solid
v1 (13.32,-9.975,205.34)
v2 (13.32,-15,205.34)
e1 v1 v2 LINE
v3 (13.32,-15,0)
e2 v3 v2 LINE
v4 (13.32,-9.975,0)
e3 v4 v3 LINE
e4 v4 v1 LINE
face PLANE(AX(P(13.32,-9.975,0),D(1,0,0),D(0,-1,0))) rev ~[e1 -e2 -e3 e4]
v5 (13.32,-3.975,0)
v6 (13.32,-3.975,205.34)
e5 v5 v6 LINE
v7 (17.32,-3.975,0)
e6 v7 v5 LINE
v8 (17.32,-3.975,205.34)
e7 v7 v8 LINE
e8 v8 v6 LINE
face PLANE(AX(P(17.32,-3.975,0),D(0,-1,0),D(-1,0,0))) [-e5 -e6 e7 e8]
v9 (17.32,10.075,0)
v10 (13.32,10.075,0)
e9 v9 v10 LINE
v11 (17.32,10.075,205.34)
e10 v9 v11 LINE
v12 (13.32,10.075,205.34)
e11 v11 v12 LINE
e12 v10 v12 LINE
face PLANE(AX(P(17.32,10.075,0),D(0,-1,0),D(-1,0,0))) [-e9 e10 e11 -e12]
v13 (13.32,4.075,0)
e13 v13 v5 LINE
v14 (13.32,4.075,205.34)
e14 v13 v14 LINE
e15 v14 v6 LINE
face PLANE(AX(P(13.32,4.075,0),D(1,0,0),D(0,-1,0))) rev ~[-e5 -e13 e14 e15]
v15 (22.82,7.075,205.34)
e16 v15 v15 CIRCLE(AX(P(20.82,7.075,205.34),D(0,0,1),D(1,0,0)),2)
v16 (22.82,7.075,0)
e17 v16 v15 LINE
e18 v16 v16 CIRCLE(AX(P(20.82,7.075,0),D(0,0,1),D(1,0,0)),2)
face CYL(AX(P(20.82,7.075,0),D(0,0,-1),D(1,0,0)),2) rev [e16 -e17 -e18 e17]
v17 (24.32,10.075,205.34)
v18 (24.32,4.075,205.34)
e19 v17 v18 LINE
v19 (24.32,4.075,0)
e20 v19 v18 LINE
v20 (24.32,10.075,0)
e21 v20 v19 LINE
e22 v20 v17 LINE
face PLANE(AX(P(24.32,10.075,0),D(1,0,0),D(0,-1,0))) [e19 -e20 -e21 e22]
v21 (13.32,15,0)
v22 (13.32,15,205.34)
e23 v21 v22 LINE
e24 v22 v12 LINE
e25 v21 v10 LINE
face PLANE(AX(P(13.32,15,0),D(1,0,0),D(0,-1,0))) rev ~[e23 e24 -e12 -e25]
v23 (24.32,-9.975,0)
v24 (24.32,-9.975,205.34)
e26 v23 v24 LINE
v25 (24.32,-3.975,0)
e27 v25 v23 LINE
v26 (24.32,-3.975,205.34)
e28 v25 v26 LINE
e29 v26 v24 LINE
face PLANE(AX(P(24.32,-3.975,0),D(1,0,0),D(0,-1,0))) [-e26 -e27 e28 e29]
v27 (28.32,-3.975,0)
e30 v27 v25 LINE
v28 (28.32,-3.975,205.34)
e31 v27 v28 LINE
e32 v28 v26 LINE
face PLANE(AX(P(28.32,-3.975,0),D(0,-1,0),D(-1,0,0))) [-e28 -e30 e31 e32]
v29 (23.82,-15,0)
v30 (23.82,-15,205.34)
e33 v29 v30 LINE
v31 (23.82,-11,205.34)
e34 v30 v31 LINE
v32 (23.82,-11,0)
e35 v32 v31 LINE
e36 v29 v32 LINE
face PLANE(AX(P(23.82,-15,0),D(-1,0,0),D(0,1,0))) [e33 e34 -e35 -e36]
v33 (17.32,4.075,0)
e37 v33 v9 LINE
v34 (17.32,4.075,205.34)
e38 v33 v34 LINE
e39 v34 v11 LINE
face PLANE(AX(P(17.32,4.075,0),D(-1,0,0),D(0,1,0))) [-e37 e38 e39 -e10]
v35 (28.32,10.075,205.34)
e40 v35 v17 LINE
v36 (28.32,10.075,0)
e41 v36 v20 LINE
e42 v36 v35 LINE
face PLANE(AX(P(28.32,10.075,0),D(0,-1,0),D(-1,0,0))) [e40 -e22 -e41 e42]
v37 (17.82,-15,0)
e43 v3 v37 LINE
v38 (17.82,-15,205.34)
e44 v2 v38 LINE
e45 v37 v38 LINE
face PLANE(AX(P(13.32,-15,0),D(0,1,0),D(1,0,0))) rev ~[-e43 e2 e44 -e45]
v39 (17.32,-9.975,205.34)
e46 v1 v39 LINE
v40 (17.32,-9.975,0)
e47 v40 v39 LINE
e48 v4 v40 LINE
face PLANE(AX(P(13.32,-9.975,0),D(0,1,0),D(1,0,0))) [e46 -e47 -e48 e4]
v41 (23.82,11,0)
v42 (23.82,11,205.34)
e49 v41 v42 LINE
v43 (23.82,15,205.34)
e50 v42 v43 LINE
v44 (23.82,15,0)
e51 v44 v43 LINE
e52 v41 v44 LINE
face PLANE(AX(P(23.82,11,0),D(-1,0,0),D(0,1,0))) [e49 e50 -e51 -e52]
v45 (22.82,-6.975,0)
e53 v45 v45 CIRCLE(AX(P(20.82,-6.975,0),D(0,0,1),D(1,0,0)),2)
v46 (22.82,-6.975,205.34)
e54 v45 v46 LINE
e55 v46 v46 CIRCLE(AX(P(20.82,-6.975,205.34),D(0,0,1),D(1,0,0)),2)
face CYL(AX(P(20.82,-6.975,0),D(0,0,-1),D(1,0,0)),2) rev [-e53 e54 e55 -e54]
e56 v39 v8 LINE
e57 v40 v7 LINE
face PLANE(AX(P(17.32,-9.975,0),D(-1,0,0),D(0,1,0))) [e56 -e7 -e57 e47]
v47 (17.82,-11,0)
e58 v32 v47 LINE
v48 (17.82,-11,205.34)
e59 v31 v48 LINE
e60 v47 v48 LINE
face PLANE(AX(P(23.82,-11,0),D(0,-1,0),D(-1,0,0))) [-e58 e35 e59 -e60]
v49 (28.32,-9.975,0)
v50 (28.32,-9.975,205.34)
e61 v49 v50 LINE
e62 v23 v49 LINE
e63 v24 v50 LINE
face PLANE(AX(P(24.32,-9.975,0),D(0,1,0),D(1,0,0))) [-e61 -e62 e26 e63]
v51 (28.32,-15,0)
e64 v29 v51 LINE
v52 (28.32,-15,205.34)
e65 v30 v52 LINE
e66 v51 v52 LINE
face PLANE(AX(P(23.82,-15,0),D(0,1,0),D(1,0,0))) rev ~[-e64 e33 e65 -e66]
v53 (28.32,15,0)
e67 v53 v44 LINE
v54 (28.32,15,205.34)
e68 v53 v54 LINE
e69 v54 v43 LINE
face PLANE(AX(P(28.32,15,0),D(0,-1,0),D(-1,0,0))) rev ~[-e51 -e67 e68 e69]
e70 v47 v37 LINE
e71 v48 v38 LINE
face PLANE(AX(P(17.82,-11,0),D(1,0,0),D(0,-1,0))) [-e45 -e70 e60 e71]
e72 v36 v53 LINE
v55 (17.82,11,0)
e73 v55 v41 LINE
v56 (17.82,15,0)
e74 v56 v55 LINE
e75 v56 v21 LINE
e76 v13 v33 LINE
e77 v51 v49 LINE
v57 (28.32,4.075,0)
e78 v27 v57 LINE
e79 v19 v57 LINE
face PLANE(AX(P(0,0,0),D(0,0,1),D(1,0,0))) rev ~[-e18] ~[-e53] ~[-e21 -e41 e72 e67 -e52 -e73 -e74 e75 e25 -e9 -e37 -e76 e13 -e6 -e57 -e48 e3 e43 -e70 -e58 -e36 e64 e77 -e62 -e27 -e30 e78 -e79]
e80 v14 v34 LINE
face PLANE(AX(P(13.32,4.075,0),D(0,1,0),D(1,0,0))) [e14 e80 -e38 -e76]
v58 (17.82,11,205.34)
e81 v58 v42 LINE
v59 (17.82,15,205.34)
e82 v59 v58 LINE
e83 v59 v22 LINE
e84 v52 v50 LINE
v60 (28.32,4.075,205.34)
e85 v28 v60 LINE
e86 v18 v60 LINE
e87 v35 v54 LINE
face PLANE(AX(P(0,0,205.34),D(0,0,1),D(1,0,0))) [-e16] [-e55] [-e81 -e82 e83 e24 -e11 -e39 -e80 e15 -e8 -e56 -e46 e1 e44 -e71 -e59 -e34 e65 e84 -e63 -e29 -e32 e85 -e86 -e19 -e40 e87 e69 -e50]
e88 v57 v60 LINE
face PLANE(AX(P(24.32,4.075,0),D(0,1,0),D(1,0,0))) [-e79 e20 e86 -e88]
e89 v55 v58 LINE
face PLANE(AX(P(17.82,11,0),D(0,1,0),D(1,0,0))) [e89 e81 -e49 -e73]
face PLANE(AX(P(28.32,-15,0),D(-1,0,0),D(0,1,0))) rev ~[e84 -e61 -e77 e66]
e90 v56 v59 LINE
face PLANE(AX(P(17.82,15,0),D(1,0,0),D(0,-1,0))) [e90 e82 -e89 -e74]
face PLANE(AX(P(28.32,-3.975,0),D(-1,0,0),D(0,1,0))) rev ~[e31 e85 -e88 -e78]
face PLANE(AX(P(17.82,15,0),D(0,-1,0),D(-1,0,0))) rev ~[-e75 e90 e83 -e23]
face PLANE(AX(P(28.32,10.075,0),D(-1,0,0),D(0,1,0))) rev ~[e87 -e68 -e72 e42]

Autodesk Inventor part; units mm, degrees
ref_plane "YZ Plane" through (0, 0, 0) normal (1, 0, 0) x (0, 1, 0)
ref_plane "XZ Plane" through (0, 0, 0) normal (0, 1, 0) x (-1, 0, 0)
ref_plane "Work Plane1" through (0, 0, 0) normal (0, 0, 1) x (1, 0, 0)
sketch "Sketch1" plane through (0, 0, 0) normal (0, 0, 1) x (1, 0, 0)
  circle A0 centre (-23.32, -39.075) radius 2.355 projected
  circle A1 centre (-23.32, 39.075) radius 2.355 projected
  circle A2 centre (20.82, -6.975) radius 2 projected
  circle A3 centre (20.82, 7.075) radius 2 projected
  line L0 (32.82, 48.575) -> (-32.82, 48.575) projected
  arc A4 (-32.82, 48.575) -> (-34.82, 46.575) centre (-32.82, 46.575) ccw projected
  line L1 (-34.82, 46.575) -> (-34.82, -46.575) projected
  arc A5 (-34.82, -46.575) -> (-32.82, -48.575) centre (-32.82, -46.575) ccw projected
  line L2 (-32.82, -48.575) -> (32.82, -48.575) projected
  arc A6 (32.82, -48.575) -> (34.82, -46.575) centre (32.82, -46.575) ccw projected
  line L3 (34.82, -46.575) -> (34.82, 46.575) projected
  arc A7 (34.82, 46.575) -> (32.82, 48.575) centre (32.82, 46.575) ccw projected
  line L4 (13.32, -15) -> (28.32, 15) construction
  line L5 (28.32, -15) -> (13.32, 15) construction
  line L6 (32.32, 10.075) -> (24.32, 10.075)
  line L7 (24.32, 10.075) -> (24.32, 4.075)
  line L8 (24.32, 4.075) -> (32.32, 4.075)
  line L9 (32.32, 4.075) -> (32.32, 10.075)
  line L10 (32.32, 10.075) -> (24.32, 4.075) construction
  line L11 (24.32, 10.075) -> (32.32, 4.075) construction
  line L12 (32.32, -3.975) -> (24.32, -3.975)
  line L13 (24.32, -3.975) -> (24.32, -9.975)
  line L14 (24.32, -9.975) -> (32.32, -9.975)
  line L15 (32.32, -9.975) -> (32.32, -3.975)
  line L16 (32.32, -3.975) -> (24.32, -9.975) construction
  line L17 (24.32, -3.975) -> (32.32, -9.975) construction
  line L18 (9.32, 4.075) -> (17.32, 4.075)
  line L19 (17.32, 4.075) -> (17.32, 10.075)
  line L20 (17.32, 10.075) -> (9.32, 10.075)
  line L21 (9.32, 10.075) -> (9.32, 4.075)
  line L22 (9.32, 4.075) -> (17.32, 10.075) construction
  line L23 (17.32, 4.075) -> (9.32, 10.075) construction
  line L24 (9.32, -9.975) -> (17.32, -9.975)
  line L25 (17.32, -9.975) -> (17.32, -3.975)
  line L26 (17.32, -3.975) -> (9.32, -3.975)
  line L27 (9.32, -3.975) -> (9.32, -9.975)
  line L28 (9.32, -9.975) -> (17.32, -3.975) construction
  line L29 (17.32, -9.975) -> (9.32, -3.975) construction
  line L30 (23.82, 19) -> (17.82, 19)
  line L31 (17.82, 19) -> (17.82, 11)
  line L32 (17.82, 11) -> (23.82, 11)
  line L33 (23.82, 11) -> (23.82, 19)
  line L34 (23.82, 19) -> (17.82, 11) construction
  line L35 (17.82, 19) -> (23.82, 11) construction
  line L36 (17.82, -19) -> (23.82, -19)
  line L37 (23.82, -19) -> (23.82, -11)
  line L38 (23.82, -11) -> (17.82, -11)
  line L39 (17.82, -11) -> (17.82, -19)
  line L40 (17.82, -19) -> (23.82, -11) construction
  line L41 (23.82, -19) -> (17.82, -11) construction
  line L42 (28.32, 15) -> (23.82, 15)
  line L43 (17.82, 15) -> (13.32, 15)
  line L44 (28.32, 10.075) -> (28.32, 15)
  line L45 (28.32, -15) -> (28.32, -9.975)
  line L46 (28.32, -3.975) -> (28.32, 4.075)
  line L47 (13.32, -15) -> (17.82, -15)
  line L48 (23.82, -15) -> (28.32, -15)
  line L49 (13.32, -9.975) -> (13.32, -15)
  line L50 (13.32, 15) -> (13.32, 10.075)
  line L51 (13.32, 4.075) -> (13.32, -3.975)
  point P0 (0, 0)
  point P1 (20.82, 0)
  dimension "d0" = 15
  dimension "d1" = 30
  dimension "d2" = 8
  dimension "d3" = 6
  dimension "d4" = 6
  dimension "d5" = 8
  dimension "d6" = 6
  dimension "d7" = 8
  dimension "d8" = 6
  dimension "d9" = 8
ref_plane "Work Plane2" through (-34.82, -48.575, 205.34) normal (0, 0, -1) x (0, 1, 0)
extrude "Extrusion1" add sketch "Sketch1" along normal up to surface (205.34 mm away) contours L6 L7 L8 L46 L12 L13 L14 L45 L48 L37 L38 L39 L47 L49 L24 L25 L26 L51 L18 L19 L20 L50 L43 L31 L32 L33 L42 L44
properties part number "Neje_Aluminium_Slide_X"
